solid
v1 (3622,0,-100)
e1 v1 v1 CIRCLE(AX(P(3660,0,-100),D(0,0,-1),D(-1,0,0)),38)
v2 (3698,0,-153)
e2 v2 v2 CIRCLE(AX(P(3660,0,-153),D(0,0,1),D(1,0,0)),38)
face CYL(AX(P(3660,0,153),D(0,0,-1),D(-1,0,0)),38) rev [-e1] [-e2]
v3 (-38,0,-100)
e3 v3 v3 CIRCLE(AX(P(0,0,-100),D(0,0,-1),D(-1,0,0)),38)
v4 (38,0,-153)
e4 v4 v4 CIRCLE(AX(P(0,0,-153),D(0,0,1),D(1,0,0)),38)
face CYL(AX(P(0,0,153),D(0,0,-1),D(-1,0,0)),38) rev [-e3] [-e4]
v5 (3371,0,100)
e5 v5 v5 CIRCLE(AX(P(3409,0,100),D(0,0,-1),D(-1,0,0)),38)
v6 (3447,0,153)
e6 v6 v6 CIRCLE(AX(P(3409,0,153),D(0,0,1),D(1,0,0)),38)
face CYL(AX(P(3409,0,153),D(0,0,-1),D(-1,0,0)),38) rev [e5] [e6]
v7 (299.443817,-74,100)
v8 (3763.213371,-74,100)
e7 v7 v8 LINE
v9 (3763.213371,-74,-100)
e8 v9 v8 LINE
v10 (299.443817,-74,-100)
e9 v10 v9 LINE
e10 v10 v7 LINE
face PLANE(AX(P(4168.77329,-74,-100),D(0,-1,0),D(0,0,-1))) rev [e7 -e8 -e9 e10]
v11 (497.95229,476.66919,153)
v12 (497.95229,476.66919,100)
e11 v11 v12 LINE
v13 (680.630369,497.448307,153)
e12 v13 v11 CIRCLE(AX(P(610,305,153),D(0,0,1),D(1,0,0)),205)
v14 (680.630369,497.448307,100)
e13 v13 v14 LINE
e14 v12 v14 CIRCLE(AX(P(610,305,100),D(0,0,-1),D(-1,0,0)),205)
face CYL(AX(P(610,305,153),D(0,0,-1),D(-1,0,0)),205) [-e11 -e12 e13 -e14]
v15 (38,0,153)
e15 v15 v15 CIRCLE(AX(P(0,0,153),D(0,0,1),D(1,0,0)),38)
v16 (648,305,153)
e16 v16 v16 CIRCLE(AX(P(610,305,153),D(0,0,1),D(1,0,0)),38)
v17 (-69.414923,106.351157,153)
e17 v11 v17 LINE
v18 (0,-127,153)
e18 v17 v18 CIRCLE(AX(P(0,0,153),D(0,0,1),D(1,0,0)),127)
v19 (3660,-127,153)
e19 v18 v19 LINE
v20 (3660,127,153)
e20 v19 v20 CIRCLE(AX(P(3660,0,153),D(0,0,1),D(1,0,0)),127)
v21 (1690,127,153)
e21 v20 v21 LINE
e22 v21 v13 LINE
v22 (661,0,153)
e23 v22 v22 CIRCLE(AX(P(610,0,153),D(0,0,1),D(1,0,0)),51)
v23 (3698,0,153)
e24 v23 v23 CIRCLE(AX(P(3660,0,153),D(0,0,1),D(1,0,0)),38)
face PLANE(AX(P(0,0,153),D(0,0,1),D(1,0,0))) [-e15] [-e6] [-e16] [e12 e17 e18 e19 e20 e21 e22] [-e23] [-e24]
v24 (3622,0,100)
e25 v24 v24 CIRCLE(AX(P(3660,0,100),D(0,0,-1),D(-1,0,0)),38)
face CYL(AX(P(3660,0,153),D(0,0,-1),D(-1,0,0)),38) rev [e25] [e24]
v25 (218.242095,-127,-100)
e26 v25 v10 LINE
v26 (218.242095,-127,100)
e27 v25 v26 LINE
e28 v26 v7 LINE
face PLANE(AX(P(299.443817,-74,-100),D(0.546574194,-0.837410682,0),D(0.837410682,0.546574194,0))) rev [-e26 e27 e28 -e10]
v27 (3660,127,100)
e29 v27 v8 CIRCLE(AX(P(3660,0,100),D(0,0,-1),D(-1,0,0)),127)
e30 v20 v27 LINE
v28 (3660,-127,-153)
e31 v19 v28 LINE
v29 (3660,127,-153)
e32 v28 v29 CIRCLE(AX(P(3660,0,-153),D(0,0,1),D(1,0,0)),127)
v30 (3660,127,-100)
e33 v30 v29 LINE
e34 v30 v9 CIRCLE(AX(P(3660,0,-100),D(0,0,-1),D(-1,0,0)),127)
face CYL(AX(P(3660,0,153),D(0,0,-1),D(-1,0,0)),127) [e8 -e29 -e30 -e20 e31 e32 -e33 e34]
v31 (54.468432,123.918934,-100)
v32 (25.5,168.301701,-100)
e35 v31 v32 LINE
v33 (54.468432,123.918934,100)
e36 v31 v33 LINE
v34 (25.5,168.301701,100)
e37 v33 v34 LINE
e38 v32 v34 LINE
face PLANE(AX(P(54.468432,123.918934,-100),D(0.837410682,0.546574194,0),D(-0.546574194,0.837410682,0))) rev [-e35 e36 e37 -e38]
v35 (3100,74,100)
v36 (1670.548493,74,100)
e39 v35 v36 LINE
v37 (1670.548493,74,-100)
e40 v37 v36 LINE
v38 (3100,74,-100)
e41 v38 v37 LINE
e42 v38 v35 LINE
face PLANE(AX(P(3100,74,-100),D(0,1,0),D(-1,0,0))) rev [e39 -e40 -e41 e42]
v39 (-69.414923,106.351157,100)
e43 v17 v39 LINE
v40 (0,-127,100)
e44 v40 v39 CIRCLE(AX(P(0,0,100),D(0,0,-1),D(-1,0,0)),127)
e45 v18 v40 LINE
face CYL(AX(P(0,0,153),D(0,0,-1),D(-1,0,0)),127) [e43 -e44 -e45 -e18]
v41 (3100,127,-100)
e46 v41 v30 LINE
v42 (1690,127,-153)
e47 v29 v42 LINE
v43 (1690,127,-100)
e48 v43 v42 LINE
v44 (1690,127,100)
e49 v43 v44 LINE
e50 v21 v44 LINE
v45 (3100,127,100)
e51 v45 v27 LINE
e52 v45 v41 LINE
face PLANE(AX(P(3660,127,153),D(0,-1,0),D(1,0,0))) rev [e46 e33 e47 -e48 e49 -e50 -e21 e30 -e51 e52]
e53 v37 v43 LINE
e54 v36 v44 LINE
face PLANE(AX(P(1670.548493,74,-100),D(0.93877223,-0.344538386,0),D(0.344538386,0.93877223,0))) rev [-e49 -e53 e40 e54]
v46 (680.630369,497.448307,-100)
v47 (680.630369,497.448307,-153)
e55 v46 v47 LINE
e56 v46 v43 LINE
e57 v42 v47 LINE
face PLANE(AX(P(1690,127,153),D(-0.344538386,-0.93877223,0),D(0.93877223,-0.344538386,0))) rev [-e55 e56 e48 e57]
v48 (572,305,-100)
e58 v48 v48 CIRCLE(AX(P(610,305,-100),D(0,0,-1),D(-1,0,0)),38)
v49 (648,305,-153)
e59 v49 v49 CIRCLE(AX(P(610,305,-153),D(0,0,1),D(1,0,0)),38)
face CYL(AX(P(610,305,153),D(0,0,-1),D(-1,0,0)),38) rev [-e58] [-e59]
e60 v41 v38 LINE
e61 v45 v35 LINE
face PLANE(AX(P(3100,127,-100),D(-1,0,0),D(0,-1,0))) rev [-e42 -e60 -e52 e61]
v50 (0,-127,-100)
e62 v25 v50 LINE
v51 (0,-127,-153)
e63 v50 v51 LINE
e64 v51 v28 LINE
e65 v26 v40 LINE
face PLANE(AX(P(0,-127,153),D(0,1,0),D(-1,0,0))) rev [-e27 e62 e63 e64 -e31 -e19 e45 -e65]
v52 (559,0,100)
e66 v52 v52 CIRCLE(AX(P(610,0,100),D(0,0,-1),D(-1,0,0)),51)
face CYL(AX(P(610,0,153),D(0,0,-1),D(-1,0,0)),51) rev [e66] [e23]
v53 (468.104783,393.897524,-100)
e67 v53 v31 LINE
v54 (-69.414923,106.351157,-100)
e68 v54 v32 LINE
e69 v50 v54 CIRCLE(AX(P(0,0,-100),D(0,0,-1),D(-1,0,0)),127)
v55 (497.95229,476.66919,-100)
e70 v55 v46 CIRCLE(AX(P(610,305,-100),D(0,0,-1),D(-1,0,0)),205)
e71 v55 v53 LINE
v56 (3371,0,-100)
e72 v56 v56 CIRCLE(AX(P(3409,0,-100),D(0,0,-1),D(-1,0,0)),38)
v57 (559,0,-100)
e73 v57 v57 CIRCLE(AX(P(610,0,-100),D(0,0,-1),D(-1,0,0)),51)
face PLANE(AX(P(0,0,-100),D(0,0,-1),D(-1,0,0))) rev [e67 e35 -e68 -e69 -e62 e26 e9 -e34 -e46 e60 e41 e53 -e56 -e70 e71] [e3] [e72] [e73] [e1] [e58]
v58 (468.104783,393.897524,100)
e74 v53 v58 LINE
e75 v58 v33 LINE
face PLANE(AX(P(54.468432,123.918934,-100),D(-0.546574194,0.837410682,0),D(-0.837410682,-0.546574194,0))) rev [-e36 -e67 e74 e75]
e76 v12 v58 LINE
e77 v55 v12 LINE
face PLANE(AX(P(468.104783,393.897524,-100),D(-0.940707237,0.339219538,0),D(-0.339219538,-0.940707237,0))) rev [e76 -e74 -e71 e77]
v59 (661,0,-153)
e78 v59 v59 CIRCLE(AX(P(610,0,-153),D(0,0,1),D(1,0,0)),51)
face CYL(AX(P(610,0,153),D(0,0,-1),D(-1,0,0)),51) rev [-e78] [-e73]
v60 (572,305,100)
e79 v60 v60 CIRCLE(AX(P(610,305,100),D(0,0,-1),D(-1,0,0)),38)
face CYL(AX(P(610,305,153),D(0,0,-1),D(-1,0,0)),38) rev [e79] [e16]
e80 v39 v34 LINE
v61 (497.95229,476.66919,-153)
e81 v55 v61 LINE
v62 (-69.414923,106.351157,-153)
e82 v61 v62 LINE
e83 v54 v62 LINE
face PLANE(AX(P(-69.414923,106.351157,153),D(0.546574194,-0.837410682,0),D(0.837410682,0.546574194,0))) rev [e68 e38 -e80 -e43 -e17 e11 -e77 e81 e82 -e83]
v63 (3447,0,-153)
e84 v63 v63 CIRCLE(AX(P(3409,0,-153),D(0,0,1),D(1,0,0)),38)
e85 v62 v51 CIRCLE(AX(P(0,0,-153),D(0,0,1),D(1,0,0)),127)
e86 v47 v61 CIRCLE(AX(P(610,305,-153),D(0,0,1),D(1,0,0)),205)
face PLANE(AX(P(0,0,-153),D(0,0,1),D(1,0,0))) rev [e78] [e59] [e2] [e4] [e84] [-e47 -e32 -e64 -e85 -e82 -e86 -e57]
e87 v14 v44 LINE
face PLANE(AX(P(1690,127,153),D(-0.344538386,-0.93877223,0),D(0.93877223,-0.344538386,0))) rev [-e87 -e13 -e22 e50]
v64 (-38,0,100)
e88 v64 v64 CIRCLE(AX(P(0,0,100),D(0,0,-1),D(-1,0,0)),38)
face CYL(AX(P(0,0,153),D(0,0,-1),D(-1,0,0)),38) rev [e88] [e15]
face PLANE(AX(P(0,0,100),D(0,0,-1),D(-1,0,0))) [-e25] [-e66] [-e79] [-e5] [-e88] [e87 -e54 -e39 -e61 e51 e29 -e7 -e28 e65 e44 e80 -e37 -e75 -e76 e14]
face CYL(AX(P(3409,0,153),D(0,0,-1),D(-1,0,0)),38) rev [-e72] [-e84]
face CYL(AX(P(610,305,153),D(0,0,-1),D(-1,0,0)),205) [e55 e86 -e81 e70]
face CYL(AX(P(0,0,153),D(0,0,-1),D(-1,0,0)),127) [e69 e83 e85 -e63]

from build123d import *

# Parameters (mm, degrees)
SKETCH1_R           = 38
SKETCH1_R_2         = 51
BOSS_EXTRUDE1_DEPTH = 153
CUT_EXTRUDE1_DEPTH  = 100


with BuildPart() as part:
    # Sketch1 → Boss-Extrude1 (new, symmetric)
    with BuildSketch(Plane.XY):
        with BuildLine():
            Line((-69.41492259, 106.351156655), (497.952290308, 476.669189876))
            ThreePointArc((497.952290308, 476.669189876), (586.831228911, 508.686543606), (680.630369154, 497.448307224))
            Line((680.630369154, 497.448307224), (1690, 127))
            Line((1690, 127), (3660, 127))
            ThreePointArc((3660, 127), (3787, 0), (3660, -127))
            Line((3660, -127), (0, -127))
            ThreePointArc((0, -127), (-121.728379795, -36.210517152), (-69.41492259, 106.351156655))
        make_face()
        Circle(SKETCH1_R, mode=Mode.SUBTRACT)
        with Locations((610, 0)):
            Circle(SKETCH1_R_2, mode=Mode.SUBTRACT)
        with Locations((610, 305)):
            Circle(SKETCH1_R, mode=Mode.SUBTRACT)
        with Locations((3409, 0)):
            Circle(SKETCH1_R, mode=Mode.SUBTRACT)
        with Locations((3660, 0)):
            Circle(SKETCH1_R, mode=Mode.SUBTRACT)
    extrude(amount=BOSS_EXTRUDE1_DEPTH, both=True)

    # Sketch2 → Cut-Extrude1 (cut, symmetric)
    with BuildSketch(Plane.XY):
        Polygon((54.468432262, 123.918934439), (25.5, 168.301700602), (25.5, 441.704225578), (-335.578738739, 441.704225578), (-335.578738739, -282.733576461), (218.242094516, -282.733576461), (218.242094516, -127), (299.443817322, -74), (3763.213371227, -74), (4168.773290142, -74), (4168.773290142, 728.333745917), (3100, 728.333745917), (3100, 127), (3100, 74), (1670.548493156, 74), (1690, 127), (1690, 728.333745917), (497.952290308, 728.333745917), (497.952290308, 476.669189876), (468.104782812, 393.897523829), align=None)
    extrude(amount=CUT_EXTRUDE1_DEPTH, both=True, mode=Mode.SUBTRACT)


solid = part.part
